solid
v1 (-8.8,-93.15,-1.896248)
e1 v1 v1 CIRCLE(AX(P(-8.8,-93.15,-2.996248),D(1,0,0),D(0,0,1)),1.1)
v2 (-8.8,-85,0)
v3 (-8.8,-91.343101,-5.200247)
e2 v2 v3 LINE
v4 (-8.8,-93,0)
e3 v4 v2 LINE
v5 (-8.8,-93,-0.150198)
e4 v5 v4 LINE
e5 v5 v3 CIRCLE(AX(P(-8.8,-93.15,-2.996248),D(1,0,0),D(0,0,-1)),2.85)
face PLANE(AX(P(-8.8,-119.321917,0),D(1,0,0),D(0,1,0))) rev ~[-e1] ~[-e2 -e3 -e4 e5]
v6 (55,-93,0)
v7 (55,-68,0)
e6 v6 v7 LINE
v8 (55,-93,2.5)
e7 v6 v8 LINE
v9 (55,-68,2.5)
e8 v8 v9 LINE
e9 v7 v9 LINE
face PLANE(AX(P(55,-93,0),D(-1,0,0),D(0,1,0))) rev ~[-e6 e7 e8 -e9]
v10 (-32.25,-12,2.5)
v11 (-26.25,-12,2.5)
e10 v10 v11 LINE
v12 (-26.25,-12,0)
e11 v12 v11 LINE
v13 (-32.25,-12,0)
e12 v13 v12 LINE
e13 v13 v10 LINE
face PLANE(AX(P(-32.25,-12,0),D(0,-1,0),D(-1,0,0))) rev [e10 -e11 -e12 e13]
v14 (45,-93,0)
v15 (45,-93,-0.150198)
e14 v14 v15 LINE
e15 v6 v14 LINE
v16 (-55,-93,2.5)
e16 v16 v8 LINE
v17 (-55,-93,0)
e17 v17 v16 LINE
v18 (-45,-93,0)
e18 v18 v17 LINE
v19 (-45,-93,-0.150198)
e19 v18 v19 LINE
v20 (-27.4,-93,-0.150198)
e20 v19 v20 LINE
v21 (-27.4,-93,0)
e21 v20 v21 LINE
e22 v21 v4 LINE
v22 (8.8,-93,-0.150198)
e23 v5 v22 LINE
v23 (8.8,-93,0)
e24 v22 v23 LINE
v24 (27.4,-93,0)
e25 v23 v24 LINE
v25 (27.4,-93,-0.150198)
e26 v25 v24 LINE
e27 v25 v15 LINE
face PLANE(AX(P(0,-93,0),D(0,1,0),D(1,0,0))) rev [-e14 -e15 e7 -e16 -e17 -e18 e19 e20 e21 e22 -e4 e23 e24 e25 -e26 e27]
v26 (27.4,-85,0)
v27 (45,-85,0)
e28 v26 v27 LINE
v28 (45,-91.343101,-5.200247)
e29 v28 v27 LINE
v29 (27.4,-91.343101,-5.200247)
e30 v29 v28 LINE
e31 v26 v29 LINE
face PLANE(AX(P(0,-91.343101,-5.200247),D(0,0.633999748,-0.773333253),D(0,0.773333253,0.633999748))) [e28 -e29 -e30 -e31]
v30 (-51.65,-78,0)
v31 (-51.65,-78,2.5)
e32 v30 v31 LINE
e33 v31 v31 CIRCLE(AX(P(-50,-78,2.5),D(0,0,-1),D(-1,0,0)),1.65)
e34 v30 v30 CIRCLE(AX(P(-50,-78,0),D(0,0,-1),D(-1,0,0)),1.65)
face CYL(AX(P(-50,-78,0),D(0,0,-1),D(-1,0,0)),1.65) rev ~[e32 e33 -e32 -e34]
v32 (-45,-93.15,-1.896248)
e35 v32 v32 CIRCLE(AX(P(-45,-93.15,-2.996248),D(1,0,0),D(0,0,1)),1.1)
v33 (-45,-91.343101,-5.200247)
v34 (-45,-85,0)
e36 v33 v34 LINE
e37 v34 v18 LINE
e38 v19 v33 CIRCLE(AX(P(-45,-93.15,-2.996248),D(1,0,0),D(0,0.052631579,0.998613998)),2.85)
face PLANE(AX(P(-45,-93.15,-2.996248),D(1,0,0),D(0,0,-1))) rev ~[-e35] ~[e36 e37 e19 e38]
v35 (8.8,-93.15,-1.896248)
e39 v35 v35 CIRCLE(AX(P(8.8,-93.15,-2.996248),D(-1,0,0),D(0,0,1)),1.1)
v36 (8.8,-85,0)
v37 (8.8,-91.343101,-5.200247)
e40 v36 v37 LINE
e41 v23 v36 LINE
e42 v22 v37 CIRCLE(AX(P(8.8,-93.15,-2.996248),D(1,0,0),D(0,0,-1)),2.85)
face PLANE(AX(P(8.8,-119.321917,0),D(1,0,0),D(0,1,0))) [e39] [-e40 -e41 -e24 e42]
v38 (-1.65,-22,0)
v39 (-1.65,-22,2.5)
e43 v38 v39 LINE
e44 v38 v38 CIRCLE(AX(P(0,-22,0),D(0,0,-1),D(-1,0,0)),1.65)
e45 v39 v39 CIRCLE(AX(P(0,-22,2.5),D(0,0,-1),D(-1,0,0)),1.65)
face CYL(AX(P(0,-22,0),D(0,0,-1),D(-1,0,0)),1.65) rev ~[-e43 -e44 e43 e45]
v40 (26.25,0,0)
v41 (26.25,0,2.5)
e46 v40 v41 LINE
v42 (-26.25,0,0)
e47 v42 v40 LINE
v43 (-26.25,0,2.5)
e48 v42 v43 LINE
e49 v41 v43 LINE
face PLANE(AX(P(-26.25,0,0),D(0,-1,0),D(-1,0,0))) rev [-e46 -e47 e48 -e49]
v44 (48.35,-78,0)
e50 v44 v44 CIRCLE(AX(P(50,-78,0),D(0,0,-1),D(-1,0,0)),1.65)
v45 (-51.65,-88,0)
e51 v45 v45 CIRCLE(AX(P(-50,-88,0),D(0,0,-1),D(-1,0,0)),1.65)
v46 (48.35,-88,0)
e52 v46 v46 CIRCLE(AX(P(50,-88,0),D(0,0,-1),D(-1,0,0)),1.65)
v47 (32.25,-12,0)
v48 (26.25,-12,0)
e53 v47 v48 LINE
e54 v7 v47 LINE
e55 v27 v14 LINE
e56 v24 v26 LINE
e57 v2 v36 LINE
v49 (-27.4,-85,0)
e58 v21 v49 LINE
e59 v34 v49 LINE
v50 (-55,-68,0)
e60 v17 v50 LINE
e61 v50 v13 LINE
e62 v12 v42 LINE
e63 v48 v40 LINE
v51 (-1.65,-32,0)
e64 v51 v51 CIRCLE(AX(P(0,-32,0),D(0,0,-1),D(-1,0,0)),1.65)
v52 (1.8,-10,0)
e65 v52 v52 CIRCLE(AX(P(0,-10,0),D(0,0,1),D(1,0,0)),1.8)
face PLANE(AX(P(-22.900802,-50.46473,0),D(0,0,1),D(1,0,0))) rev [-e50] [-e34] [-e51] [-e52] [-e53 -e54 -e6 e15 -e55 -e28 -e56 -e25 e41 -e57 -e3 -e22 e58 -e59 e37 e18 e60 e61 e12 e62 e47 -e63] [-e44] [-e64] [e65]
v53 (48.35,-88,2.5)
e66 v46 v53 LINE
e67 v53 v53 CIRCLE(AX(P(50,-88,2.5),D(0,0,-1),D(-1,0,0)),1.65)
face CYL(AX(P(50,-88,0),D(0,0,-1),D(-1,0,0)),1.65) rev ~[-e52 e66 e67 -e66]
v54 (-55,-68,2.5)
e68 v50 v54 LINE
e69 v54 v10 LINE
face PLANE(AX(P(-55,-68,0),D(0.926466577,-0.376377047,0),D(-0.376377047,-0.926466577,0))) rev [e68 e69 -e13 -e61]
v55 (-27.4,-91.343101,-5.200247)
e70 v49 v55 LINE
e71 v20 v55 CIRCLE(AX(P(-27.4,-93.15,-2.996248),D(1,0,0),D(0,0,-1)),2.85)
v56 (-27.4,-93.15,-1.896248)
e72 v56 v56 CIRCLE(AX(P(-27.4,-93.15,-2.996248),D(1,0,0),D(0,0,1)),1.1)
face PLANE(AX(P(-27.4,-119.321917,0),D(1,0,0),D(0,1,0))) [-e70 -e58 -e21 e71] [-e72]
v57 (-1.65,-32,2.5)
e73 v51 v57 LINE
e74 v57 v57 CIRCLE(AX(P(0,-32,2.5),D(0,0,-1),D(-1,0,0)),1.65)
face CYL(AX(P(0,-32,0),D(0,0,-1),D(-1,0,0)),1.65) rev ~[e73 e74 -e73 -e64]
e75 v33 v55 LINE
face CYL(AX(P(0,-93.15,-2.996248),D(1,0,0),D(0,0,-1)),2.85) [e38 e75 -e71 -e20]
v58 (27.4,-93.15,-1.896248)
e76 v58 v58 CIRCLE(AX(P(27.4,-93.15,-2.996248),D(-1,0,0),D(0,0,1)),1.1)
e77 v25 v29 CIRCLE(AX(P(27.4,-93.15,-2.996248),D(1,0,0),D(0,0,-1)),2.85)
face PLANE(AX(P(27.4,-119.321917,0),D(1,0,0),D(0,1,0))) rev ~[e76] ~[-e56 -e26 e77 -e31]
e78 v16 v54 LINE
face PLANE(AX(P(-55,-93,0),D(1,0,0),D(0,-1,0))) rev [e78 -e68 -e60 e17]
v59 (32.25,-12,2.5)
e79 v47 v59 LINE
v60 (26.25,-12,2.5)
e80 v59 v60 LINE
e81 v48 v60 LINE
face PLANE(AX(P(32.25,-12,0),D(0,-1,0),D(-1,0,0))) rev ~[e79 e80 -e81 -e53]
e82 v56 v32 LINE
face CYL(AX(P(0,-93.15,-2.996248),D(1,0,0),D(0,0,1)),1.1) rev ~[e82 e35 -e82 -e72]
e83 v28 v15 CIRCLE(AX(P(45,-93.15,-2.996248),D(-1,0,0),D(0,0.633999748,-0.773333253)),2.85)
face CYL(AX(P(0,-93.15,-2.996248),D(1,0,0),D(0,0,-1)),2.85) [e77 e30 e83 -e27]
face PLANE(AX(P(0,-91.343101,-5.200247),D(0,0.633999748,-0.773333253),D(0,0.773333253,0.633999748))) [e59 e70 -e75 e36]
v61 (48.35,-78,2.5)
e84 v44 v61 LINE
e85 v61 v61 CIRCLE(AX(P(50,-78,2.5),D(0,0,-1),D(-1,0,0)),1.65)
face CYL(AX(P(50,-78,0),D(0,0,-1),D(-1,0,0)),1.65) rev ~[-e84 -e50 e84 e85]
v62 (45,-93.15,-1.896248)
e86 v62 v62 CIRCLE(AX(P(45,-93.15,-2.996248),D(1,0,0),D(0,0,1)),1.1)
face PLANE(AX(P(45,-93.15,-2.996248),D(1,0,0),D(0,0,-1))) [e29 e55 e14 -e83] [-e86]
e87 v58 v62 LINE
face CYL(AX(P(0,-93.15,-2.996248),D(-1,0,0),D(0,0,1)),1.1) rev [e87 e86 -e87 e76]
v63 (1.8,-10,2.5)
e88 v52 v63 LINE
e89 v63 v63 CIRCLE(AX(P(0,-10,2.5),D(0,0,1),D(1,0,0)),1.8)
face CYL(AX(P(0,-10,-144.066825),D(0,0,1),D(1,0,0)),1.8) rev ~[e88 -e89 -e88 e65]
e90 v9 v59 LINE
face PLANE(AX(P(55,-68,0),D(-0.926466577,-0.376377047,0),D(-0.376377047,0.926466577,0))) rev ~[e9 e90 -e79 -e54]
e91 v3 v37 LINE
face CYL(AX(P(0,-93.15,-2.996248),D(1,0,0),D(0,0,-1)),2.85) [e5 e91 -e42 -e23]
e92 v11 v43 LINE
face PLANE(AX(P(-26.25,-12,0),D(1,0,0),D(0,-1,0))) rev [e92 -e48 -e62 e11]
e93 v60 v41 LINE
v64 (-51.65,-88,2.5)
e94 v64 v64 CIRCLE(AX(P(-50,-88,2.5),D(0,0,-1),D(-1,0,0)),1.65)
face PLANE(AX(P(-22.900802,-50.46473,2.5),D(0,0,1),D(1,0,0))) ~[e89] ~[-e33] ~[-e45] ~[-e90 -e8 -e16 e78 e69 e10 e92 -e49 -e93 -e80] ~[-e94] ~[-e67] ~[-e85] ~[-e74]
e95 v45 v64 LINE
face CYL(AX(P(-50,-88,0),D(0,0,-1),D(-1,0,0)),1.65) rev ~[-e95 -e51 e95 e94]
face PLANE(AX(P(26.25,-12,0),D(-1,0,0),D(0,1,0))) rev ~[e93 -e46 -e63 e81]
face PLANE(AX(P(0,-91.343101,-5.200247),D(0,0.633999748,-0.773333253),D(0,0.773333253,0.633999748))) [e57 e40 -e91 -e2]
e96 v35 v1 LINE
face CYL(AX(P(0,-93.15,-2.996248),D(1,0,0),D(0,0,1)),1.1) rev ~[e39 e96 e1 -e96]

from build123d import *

# Parameters (mm, degrees)
BOSS_EXTRUDE1_DEPTH  = 2.5
M3_CLEARANCE_HOLE1_D = 3.6
SKETCH4_R            = 2.85
SKETCH4_R_2          = 1.1
BOSS_EXTRUDE3_DEPTH  = 45
SKETCH5_W            = 17.6
SKETCH5_H            = 34.321917014
SKETCH5_W_2          = 0.5
CUT_EXTRUDE1_DEPTH   = 23
SKETCH6_R            = 1.65
CUT_EXTRUDE2_DEPTH   = 10
SKETCH7_R            = 1.65
CUT_EXTRUDE3_DEPTH   = 10


with BuildPart() as part:
    # Sketch1 → Boss-Extrude1 (new body)
    with BuildSketch(Plane.XY):
        Polygon((55, -68), (32.25, -12), (26.25, -12), (26.25, 0), (0, 0), (0, -93), (55, -93), align=None)
    boss_extrude1 = extrude(amount=BOSS_EXTRUDE1_DEPTH)

    # Mirror1: Boss-Extrude1 across plane
    add(boss_extrude1.mirror(Plane(origin=(0, 0, 0), x_dir=(0, 0, 1), z_dir=(1, 0, 0))))

    # M3 Clearance Hole1 (through all)
    with Locations(Plane(origin=(0, 0, 0), x_dir=(-1, 0, 0), z_dir=(0, 0, -1))):
        with Locations((0, -10)):
            Hole(M3_CLEARANCE_HOLE1_D / 2)

    # Sketch4 → Boss-Extrude3 (add, symmetric)
    # profile 1 of 2: a face of its own
    with BuildSketch(Plane(origin=(0, 0, 0), x_dir=(0, 0, -1), z_dir=(1, 0, 0))):
        with BuildLine():
            Line((5.200247424, -91.343100719), (0, -85))
            Line((0, -85), (0, -93))
            Line((0, -93), (0.150197759, -93))
            ThreePointArc((0.150197759, -93), (2.107773739, -90.442027677), (5.200247424, -91.343100719))
        make_face()
    # profile 2 of 2: a face of its own
    with BuildSketch(Plane(origin=(0, 0, 0), x_dir=(0, 0, -1), z_dir=(1, 0, 0))):
        with Locations((2.996247653, -93.15)):
            Circle(SKETCH4_R)
        with Locations(Location((2.996247653, -93.15, 0), (0, 0, 180))):
            Circle(SKETCH4_R_2, mode=Mode.SUBTRACT)
    extrude(amount=BOSS_EXTRUDE3_DEPTH, both=True)

    # Sketch5 → Cut-Extrude1 (cut)
    with BuildSketch(Plane(origin=(0, 0, 0), x_dir=(-1, 0, 0), z_dir=(0, 0, -1))):
        with Locations((-18.1, -102.160958507)):
            Rectangle(SKETCH5_W, SKETCH5_H)
        with Locations((18.1, -102.160958507)):
            Rectangle(SKETCH5_W, SKETCH5_H)
        with Locations((-27.15, -102.160958507)):
            Rectangle(SKETCH5_W_2, SKETCH5_H)
        with Locations((-9.05, -102.160958507)):
            Rectangle(SKETCH5_W_2, SKETCH5_H)
        with Locations((9.05, -102.160958507)):
            Rectangle(SKETCH5_W_2, SKETCH5_H)
        with Locations((27.15, -102.160958507)):
            Rectangle(SKETCH5_W_2, SKETCH5_H)
    extrude(amount=CUT_EXTRUDE1_DEPTH, mode=Mode.SUBTRACT)

    # Sketch6 → Cut-Extrude2 (cut)
    with BuildSketch(Plane(origin=(0, 0, 0), x_dir=(-1, 0, 0), z_dir=(0, 0, -1))):
        with Locations((-50, -88)):
            Circle(SKETCH6_R)
        with Locations((-50, -78)):
            Circle(SKETCH6_R)
        with Locations((50, -88)):
            Circle(SKETCH6_R)
        with Locations((50, -78)):
            Circle(SKETCH6_R)
    extrude(amount=-CUT_EXTRUDE2_DEPTH, mode=Mode.SUBTRACT)

    # Sketch7 → Cut-Extrude3 (cut)
    with BuildSketch(Plane(origin=(0, 0, 0), x_dir=(-1, 0, 0), z_dir=(0, 0, -1))):
        with Locations((0, -22)):
            Circle(SKETCH7_R)
        with Locations((0, -32)):
            Circle(SKETCH7_R)
    extrude(amount=-CUT_EXTRUDE3_DEPTH, mode=Mode.SUBTRACT)


solid = part.part
